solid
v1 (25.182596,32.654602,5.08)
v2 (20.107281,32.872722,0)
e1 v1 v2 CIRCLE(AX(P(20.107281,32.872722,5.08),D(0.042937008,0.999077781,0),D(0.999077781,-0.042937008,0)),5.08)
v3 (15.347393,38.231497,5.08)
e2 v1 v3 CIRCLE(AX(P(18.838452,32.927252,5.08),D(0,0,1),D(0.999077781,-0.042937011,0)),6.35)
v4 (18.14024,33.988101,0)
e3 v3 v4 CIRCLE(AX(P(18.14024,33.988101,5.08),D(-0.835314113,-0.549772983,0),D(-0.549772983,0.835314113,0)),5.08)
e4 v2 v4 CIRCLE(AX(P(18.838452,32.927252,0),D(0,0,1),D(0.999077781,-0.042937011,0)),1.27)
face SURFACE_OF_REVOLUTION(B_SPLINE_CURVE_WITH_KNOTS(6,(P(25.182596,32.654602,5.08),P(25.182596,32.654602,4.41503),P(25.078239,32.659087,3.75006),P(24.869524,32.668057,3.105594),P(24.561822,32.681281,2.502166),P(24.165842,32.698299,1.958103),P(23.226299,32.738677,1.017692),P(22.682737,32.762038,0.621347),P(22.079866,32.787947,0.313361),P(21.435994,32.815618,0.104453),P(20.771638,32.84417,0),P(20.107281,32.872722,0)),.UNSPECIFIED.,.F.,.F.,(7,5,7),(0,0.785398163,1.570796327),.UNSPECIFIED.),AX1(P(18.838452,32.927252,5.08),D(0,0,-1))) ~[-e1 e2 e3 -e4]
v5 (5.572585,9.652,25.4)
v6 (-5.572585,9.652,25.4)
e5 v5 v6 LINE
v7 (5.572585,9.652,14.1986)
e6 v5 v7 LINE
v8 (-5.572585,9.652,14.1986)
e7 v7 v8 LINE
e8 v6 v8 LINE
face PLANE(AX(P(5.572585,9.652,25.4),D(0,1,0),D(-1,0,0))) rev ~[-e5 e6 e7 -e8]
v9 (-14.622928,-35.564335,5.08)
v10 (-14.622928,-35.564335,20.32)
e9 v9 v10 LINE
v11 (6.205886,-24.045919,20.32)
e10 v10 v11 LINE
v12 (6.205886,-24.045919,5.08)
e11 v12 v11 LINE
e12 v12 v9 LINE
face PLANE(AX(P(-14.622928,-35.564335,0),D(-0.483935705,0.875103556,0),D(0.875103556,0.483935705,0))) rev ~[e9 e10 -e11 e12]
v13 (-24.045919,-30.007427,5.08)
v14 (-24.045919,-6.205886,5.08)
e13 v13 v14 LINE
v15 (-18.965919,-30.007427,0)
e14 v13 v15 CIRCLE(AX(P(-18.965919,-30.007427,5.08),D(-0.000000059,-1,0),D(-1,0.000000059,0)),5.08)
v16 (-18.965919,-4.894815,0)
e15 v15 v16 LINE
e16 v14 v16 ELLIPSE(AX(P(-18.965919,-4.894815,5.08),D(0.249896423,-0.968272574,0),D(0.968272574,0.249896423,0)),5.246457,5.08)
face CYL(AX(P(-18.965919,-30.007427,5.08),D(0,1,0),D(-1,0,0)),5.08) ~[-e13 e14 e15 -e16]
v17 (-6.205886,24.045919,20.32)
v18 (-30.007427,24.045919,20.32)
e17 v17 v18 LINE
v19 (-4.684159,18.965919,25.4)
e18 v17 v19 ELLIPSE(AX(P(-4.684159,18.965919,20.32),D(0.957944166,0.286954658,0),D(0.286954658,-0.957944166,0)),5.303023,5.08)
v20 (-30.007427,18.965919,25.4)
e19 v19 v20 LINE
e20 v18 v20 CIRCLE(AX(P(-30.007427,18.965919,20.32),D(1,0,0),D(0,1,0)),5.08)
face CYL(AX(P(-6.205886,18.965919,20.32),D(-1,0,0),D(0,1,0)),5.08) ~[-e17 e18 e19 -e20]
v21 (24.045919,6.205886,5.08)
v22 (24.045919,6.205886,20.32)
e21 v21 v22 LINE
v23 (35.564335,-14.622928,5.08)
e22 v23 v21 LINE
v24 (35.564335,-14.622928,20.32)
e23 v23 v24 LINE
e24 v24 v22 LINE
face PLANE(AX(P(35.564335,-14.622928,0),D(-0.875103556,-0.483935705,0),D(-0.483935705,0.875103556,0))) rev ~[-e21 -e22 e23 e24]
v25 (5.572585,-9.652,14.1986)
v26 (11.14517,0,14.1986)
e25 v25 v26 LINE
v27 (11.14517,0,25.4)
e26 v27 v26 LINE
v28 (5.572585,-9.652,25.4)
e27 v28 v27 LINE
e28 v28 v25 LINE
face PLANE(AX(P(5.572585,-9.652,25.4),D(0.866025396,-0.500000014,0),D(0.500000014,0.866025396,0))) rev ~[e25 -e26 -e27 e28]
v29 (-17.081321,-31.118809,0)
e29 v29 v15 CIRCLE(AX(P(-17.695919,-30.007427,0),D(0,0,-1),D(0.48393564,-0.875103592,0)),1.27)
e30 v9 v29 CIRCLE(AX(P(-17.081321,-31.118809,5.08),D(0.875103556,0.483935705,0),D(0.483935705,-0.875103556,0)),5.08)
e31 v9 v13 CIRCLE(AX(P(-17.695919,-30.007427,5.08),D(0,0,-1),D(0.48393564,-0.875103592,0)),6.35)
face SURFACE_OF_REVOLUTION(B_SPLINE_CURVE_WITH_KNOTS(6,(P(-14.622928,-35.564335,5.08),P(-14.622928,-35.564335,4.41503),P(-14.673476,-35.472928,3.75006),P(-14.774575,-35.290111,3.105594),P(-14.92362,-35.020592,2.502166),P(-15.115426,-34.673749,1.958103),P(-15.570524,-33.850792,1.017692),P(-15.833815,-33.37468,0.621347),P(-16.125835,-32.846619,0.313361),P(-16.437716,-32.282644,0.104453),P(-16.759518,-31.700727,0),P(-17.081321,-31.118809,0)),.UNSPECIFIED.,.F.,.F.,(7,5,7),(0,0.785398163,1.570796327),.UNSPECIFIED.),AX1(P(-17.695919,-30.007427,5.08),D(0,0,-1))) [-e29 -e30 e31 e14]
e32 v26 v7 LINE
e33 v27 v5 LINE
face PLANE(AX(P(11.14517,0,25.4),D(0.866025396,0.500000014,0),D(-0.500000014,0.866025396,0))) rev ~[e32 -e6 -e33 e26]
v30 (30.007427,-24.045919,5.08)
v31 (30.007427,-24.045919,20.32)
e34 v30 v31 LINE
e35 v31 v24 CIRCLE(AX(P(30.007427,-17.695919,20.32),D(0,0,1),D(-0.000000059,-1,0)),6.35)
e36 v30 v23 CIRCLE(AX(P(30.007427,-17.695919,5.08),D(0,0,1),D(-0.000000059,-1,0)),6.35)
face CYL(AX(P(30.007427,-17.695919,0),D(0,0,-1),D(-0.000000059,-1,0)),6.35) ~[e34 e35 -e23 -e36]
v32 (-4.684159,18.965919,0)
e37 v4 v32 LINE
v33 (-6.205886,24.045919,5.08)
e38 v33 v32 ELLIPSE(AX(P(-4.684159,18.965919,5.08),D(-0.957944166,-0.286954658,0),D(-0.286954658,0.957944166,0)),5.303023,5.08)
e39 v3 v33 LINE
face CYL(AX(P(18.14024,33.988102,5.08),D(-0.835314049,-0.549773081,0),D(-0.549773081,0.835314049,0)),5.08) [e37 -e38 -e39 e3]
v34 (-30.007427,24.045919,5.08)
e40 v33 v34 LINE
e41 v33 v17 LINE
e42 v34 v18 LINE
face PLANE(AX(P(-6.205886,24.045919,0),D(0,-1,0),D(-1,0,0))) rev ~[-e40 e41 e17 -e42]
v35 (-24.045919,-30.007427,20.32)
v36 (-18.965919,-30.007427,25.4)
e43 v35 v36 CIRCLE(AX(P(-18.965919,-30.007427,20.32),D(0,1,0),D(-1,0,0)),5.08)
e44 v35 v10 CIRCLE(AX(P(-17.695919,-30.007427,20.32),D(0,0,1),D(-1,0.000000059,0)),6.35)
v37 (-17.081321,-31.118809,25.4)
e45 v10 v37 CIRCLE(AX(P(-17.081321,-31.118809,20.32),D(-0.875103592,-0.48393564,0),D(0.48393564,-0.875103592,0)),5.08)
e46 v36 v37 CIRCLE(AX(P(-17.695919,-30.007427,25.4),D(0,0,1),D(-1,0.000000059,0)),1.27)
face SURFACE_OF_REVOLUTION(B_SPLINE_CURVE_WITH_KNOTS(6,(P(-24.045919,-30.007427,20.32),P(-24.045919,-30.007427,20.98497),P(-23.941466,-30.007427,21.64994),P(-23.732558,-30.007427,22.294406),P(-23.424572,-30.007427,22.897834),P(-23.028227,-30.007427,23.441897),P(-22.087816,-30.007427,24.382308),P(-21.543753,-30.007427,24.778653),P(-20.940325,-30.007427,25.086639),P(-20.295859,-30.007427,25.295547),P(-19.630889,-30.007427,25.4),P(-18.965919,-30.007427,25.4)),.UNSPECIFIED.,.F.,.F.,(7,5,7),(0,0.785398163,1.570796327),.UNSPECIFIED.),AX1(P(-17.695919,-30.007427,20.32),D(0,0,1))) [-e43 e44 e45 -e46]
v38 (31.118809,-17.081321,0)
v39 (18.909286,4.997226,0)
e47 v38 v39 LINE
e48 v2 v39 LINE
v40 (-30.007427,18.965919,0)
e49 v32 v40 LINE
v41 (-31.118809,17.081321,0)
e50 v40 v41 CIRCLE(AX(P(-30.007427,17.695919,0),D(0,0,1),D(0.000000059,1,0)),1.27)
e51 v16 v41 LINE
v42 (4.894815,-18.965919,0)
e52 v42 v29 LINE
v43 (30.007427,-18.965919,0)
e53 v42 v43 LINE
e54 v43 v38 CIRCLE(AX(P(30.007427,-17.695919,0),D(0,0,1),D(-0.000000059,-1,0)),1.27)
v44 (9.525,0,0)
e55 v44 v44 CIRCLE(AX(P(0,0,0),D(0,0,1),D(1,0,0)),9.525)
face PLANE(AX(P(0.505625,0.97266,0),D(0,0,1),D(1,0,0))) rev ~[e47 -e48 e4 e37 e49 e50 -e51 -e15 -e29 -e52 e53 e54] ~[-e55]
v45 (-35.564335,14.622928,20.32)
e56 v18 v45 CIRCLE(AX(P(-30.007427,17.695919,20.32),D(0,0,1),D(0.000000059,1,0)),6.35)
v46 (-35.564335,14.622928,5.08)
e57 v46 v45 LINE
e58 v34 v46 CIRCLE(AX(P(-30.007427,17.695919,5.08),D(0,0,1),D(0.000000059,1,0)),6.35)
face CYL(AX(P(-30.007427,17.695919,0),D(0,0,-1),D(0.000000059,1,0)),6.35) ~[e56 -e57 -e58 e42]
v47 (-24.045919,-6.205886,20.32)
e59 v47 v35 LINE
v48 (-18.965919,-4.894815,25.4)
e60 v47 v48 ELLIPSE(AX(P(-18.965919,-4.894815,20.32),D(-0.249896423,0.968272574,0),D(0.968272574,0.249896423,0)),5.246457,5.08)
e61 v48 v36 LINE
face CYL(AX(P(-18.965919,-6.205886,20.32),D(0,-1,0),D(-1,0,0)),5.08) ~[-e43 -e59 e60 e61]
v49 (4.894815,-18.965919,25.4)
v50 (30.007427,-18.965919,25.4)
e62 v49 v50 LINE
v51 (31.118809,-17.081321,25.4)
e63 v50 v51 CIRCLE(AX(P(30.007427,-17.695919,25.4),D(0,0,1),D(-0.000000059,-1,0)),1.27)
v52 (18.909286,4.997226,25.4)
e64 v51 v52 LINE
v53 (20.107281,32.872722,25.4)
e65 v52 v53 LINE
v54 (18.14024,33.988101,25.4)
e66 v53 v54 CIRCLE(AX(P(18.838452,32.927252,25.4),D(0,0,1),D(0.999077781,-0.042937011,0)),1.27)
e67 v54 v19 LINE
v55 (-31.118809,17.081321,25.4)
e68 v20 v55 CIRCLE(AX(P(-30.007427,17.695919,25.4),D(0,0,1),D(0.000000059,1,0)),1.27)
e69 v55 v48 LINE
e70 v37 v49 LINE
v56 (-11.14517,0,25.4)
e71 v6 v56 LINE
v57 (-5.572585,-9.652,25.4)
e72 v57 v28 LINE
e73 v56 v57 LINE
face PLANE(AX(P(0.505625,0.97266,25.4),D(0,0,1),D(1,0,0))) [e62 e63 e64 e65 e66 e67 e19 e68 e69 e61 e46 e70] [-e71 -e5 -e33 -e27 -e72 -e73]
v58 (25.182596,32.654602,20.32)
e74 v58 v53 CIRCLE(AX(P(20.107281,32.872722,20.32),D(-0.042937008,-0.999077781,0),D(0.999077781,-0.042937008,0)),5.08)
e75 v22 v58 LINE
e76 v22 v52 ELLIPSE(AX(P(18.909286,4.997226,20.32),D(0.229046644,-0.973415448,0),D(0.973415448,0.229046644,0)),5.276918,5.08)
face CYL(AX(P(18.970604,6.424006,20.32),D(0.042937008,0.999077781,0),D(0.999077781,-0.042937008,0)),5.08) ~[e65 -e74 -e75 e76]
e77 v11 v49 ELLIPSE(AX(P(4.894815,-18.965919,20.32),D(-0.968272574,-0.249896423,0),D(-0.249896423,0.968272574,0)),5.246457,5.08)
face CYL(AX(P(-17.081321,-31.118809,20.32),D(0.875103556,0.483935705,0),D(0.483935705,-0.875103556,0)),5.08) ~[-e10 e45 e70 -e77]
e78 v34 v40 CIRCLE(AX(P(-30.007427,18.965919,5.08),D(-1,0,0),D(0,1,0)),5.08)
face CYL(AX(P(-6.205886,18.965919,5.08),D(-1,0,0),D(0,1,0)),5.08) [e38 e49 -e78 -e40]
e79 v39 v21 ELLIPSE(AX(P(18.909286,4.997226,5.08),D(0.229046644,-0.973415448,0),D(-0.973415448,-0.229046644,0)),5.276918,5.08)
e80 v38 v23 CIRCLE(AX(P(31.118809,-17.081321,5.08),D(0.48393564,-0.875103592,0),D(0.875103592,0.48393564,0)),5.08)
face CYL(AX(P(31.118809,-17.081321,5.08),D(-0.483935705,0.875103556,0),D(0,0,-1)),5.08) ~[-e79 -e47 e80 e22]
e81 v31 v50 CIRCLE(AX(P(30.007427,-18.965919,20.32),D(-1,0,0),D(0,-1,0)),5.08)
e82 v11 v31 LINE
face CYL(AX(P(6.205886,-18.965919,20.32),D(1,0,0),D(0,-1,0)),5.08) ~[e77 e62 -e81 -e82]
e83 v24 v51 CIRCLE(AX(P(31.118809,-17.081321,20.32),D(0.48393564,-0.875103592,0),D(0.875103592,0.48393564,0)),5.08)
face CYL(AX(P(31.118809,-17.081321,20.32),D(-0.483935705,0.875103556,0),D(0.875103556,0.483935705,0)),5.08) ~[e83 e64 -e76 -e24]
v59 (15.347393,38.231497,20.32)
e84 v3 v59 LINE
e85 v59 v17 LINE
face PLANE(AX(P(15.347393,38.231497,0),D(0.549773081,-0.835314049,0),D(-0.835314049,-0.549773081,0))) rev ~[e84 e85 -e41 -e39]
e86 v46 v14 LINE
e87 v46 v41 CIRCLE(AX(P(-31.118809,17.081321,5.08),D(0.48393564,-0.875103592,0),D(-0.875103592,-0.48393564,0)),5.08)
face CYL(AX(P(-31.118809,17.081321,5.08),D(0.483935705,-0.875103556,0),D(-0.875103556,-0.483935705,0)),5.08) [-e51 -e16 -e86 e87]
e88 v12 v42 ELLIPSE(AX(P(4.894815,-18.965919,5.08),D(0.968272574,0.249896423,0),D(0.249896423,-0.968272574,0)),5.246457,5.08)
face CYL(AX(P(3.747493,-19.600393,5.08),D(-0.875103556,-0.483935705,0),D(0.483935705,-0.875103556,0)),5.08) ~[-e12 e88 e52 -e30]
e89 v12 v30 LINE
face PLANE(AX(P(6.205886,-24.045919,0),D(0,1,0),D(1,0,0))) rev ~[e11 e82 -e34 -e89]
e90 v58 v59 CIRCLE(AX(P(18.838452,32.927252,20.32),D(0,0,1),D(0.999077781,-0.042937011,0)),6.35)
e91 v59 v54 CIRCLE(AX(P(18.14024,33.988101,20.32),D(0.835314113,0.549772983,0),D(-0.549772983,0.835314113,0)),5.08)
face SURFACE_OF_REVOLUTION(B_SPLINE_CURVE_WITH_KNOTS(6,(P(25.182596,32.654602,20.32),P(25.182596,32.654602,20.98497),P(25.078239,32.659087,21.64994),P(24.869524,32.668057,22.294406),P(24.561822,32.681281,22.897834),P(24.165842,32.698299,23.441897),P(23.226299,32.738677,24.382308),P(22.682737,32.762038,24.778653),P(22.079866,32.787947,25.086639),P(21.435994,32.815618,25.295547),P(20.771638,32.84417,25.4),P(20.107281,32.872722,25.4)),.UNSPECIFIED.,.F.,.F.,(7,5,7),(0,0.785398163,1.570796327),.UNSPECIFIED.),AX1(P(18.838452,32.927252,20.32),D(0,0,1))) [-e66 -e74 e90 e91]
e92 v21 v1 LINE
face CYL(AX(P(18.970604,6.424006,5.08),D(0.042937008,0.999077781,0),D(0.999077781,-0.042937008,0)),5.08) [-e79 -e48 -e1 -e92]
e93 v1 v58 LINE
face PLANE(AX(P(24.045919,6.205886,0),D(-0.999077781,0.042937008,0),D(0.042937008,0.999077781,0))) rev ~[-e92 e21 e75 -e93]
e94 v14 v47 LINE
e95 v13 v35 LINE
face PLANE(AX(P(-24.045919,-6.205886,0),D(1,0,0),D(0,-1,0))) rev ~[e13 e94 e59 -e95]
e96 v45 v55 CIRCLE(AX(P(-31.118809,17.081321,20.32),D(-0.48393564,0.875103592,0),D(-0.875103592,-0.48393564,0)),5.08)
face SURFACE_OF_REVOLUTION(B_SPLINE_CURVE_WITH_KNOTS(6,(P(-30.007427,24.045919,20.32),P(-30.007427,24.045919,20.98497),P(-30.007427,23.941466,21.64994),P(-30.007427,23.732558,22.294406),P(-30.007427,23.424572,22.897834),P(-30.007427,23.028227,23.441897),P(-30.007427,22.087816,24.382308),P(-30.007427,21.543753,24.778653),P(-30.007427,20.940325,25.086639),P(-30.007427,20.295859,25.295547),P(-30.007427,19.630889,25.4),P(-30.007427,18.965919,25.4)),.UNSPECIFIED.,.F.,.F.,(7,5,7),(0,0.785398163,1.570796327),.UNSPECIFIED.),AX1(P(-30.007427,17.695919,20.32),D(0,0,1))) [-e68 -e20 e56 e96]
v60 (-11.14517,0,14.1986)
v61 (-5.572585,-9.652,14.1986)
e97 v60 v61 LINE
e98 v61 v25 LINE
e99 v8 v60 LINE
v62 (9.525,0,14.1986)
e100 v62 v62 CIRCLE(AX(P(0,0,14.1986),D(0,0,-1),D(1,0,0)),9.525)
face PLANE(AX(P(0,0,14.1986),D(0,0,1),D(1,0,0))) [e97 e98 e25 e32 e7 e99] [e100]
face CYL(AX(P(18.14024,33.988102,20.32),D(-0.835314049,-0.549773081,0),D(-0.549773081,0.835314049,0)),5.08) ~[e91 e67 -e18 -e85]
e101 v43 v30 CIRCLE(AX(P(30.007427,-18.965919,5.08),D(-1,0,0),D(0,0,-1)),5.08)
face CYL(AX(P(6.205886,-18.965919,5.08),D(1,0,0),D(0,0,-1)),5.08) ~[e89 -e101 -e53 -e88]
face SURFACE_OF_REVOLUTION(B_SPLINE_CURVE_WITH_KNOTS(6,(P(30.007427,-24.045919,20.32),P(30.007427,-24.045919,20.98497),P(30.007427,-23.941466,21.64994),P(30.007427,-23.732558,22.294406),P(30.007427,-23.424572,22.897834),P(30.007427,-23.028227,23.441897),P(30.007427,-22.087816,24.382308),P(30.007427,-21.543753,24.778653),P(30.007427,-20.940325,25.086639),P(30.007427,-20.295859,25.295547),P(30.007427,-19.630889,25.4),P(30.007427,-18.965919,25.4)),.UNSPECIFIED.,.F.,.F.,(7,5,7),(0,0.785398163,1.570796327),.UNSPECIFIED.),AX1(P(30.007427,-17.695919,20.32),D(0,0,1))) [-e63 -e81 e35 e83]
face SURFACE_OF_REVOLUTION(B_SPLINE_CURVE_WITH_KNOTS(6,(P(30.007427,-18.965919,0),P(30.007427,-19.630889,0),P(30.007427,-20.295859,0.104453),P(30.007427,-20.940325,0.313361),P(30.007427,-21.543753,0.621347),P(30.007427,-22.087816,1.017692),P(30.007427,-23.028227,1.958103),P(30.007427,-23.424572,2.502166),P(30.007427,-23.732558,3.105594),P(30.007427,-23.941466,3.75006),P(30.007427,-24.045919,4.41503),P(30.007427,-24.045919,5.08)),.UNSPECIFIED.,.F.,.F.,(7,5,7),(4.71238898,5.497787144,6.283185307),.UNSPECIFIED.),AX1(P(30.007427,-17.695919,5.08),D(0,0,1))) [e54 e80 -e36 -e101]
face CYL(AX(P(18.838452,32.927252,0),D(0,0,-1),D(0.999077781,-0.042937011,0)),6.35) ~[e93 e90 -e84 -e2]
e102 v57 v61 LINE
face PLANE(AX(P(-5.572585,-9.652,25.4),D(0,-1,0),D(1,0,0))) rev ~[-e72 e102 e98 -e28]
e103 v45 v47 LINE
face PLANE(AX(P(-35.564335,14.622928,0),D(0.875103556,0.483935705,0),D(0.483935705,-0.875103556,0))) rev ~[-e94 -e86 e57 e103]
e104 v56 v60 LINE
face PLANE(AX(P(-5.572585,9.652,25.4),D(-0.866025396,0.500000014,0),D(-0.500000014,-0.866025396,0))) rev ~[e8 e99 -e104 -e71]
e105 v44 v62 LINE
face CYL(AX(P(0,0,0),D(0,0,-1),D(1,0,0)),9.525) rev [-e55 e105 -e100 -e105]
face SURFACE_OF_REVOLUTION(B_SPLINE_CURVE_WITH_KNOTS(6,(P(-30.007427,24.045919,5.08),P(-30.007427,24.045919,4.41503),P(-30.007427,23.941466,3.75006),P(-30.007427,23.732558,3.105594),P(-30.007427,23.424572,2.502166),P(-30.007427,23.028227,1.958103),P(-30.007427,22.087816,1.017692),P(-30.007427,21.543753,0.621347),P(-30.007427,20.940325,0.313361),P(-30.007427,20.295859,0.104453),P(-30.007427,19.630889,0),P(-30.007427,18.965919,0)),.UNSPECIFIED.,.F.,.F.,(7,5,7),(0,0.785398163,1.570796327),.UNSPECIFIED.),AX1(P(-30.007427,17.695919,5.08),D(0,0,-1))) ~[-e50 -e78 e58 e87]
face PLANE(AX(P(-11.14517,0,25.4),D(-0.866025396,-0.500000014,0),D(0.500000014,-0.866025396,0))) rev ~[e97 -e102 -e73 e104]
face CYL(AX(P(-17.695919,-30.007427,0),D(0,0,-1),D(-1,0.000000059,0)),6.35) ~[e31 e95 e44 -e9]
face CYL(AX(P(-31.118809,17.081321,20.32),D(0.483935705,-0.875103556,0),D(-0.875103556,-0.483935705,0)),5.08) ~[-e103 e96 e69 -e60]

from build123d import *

# Parameters (mm, degrees)
F0_R     = 9.525
F1_DEPTH = 25.4
F2_R     = 5.08
F3_R     = 5.08
F5_DEPTH = 11.2014


with BuildPart() as f1:
    # F0 (on Top) → F1 (new body)
    with BuildSketch(Plane.XY):
        with BuildLine():
            Line((15.347393, 38.231497), (-6.205886, 24.045919))
            Line((-6.205886, 24.045919), (-30.007427, 24.045919))
            ThreePointArc((-30.007427, 24.045919), (-35.477162, 20.92152), (-35.564335, 14.622928))
            Line((-35.564335, 14.622928), (-24.045919, -6.205886))
            Line((-24.045919, -6.205886), (-24.045919, -30.007427))
            ThreePointArc((-24.045919, -30.007427), (-20.92152, -35.477162), (-14.622928, -35.564335))
            Line((-14.622928, -35.564335), (6.205886, -24.045919))
            Line((6.205886, -24.045919), (30.007427, -24.045919))
            ThreePointArc((30.007427, -24.045919), (35.477162, -20.92152), (35.564335, -14.622928))
            Line((35.564335, -14.622928), (24.045919, 6.205886))
            Line((24.045919, 6.205886), (25.182596, 32.654602))
            ThreePointArc((25.182596, 32.654602), (21.970617, 38.451023), (15.347393, 38.231497))
        make_face()
        Circle(F0_R, mode=Mode.SUBTRACT)
    extrude(amount=F1_DEPTH)

    # F2
    f2_edges = [f1.edges().sort_by_distance(p)[0] for p in [
        (-29.805127, 4.208521, 0),
        (4.570753, 31.138708, 0),
    ]]
    fillet(f2_edges, radius=F2_R)

    # F3
    f3_edges = [f1.edges().sort_by_distance(p)[0] for p in [
        (-24.045919, -18.106656, 0),
        (4.570753, 31.138708, 25.4),
        (-18.106656, 24.045919, 25.4),
        (-24.045919, -18.106656, 25.4),
        (18.106656, -24.045919, 25.4),
        (18.106656, -24.045919, 0),
    ]]
    fillet(f3_edges, radius=F3_R)

    # F4 (on face) → F5 (cut)
    with BuildSketch(Plane.XY.offset(25.4)):
        Polygon((-5.572585, -9.652), (5.572585, -9.652), (11.14517, 0), (5.572585, 9.652), (-5.572585, 9.652), (-11.14517, 0), align=None)
    extrude(amount=-F5_DEPTH, mode=Mode.SUBTRACT)


solid = f1.part
